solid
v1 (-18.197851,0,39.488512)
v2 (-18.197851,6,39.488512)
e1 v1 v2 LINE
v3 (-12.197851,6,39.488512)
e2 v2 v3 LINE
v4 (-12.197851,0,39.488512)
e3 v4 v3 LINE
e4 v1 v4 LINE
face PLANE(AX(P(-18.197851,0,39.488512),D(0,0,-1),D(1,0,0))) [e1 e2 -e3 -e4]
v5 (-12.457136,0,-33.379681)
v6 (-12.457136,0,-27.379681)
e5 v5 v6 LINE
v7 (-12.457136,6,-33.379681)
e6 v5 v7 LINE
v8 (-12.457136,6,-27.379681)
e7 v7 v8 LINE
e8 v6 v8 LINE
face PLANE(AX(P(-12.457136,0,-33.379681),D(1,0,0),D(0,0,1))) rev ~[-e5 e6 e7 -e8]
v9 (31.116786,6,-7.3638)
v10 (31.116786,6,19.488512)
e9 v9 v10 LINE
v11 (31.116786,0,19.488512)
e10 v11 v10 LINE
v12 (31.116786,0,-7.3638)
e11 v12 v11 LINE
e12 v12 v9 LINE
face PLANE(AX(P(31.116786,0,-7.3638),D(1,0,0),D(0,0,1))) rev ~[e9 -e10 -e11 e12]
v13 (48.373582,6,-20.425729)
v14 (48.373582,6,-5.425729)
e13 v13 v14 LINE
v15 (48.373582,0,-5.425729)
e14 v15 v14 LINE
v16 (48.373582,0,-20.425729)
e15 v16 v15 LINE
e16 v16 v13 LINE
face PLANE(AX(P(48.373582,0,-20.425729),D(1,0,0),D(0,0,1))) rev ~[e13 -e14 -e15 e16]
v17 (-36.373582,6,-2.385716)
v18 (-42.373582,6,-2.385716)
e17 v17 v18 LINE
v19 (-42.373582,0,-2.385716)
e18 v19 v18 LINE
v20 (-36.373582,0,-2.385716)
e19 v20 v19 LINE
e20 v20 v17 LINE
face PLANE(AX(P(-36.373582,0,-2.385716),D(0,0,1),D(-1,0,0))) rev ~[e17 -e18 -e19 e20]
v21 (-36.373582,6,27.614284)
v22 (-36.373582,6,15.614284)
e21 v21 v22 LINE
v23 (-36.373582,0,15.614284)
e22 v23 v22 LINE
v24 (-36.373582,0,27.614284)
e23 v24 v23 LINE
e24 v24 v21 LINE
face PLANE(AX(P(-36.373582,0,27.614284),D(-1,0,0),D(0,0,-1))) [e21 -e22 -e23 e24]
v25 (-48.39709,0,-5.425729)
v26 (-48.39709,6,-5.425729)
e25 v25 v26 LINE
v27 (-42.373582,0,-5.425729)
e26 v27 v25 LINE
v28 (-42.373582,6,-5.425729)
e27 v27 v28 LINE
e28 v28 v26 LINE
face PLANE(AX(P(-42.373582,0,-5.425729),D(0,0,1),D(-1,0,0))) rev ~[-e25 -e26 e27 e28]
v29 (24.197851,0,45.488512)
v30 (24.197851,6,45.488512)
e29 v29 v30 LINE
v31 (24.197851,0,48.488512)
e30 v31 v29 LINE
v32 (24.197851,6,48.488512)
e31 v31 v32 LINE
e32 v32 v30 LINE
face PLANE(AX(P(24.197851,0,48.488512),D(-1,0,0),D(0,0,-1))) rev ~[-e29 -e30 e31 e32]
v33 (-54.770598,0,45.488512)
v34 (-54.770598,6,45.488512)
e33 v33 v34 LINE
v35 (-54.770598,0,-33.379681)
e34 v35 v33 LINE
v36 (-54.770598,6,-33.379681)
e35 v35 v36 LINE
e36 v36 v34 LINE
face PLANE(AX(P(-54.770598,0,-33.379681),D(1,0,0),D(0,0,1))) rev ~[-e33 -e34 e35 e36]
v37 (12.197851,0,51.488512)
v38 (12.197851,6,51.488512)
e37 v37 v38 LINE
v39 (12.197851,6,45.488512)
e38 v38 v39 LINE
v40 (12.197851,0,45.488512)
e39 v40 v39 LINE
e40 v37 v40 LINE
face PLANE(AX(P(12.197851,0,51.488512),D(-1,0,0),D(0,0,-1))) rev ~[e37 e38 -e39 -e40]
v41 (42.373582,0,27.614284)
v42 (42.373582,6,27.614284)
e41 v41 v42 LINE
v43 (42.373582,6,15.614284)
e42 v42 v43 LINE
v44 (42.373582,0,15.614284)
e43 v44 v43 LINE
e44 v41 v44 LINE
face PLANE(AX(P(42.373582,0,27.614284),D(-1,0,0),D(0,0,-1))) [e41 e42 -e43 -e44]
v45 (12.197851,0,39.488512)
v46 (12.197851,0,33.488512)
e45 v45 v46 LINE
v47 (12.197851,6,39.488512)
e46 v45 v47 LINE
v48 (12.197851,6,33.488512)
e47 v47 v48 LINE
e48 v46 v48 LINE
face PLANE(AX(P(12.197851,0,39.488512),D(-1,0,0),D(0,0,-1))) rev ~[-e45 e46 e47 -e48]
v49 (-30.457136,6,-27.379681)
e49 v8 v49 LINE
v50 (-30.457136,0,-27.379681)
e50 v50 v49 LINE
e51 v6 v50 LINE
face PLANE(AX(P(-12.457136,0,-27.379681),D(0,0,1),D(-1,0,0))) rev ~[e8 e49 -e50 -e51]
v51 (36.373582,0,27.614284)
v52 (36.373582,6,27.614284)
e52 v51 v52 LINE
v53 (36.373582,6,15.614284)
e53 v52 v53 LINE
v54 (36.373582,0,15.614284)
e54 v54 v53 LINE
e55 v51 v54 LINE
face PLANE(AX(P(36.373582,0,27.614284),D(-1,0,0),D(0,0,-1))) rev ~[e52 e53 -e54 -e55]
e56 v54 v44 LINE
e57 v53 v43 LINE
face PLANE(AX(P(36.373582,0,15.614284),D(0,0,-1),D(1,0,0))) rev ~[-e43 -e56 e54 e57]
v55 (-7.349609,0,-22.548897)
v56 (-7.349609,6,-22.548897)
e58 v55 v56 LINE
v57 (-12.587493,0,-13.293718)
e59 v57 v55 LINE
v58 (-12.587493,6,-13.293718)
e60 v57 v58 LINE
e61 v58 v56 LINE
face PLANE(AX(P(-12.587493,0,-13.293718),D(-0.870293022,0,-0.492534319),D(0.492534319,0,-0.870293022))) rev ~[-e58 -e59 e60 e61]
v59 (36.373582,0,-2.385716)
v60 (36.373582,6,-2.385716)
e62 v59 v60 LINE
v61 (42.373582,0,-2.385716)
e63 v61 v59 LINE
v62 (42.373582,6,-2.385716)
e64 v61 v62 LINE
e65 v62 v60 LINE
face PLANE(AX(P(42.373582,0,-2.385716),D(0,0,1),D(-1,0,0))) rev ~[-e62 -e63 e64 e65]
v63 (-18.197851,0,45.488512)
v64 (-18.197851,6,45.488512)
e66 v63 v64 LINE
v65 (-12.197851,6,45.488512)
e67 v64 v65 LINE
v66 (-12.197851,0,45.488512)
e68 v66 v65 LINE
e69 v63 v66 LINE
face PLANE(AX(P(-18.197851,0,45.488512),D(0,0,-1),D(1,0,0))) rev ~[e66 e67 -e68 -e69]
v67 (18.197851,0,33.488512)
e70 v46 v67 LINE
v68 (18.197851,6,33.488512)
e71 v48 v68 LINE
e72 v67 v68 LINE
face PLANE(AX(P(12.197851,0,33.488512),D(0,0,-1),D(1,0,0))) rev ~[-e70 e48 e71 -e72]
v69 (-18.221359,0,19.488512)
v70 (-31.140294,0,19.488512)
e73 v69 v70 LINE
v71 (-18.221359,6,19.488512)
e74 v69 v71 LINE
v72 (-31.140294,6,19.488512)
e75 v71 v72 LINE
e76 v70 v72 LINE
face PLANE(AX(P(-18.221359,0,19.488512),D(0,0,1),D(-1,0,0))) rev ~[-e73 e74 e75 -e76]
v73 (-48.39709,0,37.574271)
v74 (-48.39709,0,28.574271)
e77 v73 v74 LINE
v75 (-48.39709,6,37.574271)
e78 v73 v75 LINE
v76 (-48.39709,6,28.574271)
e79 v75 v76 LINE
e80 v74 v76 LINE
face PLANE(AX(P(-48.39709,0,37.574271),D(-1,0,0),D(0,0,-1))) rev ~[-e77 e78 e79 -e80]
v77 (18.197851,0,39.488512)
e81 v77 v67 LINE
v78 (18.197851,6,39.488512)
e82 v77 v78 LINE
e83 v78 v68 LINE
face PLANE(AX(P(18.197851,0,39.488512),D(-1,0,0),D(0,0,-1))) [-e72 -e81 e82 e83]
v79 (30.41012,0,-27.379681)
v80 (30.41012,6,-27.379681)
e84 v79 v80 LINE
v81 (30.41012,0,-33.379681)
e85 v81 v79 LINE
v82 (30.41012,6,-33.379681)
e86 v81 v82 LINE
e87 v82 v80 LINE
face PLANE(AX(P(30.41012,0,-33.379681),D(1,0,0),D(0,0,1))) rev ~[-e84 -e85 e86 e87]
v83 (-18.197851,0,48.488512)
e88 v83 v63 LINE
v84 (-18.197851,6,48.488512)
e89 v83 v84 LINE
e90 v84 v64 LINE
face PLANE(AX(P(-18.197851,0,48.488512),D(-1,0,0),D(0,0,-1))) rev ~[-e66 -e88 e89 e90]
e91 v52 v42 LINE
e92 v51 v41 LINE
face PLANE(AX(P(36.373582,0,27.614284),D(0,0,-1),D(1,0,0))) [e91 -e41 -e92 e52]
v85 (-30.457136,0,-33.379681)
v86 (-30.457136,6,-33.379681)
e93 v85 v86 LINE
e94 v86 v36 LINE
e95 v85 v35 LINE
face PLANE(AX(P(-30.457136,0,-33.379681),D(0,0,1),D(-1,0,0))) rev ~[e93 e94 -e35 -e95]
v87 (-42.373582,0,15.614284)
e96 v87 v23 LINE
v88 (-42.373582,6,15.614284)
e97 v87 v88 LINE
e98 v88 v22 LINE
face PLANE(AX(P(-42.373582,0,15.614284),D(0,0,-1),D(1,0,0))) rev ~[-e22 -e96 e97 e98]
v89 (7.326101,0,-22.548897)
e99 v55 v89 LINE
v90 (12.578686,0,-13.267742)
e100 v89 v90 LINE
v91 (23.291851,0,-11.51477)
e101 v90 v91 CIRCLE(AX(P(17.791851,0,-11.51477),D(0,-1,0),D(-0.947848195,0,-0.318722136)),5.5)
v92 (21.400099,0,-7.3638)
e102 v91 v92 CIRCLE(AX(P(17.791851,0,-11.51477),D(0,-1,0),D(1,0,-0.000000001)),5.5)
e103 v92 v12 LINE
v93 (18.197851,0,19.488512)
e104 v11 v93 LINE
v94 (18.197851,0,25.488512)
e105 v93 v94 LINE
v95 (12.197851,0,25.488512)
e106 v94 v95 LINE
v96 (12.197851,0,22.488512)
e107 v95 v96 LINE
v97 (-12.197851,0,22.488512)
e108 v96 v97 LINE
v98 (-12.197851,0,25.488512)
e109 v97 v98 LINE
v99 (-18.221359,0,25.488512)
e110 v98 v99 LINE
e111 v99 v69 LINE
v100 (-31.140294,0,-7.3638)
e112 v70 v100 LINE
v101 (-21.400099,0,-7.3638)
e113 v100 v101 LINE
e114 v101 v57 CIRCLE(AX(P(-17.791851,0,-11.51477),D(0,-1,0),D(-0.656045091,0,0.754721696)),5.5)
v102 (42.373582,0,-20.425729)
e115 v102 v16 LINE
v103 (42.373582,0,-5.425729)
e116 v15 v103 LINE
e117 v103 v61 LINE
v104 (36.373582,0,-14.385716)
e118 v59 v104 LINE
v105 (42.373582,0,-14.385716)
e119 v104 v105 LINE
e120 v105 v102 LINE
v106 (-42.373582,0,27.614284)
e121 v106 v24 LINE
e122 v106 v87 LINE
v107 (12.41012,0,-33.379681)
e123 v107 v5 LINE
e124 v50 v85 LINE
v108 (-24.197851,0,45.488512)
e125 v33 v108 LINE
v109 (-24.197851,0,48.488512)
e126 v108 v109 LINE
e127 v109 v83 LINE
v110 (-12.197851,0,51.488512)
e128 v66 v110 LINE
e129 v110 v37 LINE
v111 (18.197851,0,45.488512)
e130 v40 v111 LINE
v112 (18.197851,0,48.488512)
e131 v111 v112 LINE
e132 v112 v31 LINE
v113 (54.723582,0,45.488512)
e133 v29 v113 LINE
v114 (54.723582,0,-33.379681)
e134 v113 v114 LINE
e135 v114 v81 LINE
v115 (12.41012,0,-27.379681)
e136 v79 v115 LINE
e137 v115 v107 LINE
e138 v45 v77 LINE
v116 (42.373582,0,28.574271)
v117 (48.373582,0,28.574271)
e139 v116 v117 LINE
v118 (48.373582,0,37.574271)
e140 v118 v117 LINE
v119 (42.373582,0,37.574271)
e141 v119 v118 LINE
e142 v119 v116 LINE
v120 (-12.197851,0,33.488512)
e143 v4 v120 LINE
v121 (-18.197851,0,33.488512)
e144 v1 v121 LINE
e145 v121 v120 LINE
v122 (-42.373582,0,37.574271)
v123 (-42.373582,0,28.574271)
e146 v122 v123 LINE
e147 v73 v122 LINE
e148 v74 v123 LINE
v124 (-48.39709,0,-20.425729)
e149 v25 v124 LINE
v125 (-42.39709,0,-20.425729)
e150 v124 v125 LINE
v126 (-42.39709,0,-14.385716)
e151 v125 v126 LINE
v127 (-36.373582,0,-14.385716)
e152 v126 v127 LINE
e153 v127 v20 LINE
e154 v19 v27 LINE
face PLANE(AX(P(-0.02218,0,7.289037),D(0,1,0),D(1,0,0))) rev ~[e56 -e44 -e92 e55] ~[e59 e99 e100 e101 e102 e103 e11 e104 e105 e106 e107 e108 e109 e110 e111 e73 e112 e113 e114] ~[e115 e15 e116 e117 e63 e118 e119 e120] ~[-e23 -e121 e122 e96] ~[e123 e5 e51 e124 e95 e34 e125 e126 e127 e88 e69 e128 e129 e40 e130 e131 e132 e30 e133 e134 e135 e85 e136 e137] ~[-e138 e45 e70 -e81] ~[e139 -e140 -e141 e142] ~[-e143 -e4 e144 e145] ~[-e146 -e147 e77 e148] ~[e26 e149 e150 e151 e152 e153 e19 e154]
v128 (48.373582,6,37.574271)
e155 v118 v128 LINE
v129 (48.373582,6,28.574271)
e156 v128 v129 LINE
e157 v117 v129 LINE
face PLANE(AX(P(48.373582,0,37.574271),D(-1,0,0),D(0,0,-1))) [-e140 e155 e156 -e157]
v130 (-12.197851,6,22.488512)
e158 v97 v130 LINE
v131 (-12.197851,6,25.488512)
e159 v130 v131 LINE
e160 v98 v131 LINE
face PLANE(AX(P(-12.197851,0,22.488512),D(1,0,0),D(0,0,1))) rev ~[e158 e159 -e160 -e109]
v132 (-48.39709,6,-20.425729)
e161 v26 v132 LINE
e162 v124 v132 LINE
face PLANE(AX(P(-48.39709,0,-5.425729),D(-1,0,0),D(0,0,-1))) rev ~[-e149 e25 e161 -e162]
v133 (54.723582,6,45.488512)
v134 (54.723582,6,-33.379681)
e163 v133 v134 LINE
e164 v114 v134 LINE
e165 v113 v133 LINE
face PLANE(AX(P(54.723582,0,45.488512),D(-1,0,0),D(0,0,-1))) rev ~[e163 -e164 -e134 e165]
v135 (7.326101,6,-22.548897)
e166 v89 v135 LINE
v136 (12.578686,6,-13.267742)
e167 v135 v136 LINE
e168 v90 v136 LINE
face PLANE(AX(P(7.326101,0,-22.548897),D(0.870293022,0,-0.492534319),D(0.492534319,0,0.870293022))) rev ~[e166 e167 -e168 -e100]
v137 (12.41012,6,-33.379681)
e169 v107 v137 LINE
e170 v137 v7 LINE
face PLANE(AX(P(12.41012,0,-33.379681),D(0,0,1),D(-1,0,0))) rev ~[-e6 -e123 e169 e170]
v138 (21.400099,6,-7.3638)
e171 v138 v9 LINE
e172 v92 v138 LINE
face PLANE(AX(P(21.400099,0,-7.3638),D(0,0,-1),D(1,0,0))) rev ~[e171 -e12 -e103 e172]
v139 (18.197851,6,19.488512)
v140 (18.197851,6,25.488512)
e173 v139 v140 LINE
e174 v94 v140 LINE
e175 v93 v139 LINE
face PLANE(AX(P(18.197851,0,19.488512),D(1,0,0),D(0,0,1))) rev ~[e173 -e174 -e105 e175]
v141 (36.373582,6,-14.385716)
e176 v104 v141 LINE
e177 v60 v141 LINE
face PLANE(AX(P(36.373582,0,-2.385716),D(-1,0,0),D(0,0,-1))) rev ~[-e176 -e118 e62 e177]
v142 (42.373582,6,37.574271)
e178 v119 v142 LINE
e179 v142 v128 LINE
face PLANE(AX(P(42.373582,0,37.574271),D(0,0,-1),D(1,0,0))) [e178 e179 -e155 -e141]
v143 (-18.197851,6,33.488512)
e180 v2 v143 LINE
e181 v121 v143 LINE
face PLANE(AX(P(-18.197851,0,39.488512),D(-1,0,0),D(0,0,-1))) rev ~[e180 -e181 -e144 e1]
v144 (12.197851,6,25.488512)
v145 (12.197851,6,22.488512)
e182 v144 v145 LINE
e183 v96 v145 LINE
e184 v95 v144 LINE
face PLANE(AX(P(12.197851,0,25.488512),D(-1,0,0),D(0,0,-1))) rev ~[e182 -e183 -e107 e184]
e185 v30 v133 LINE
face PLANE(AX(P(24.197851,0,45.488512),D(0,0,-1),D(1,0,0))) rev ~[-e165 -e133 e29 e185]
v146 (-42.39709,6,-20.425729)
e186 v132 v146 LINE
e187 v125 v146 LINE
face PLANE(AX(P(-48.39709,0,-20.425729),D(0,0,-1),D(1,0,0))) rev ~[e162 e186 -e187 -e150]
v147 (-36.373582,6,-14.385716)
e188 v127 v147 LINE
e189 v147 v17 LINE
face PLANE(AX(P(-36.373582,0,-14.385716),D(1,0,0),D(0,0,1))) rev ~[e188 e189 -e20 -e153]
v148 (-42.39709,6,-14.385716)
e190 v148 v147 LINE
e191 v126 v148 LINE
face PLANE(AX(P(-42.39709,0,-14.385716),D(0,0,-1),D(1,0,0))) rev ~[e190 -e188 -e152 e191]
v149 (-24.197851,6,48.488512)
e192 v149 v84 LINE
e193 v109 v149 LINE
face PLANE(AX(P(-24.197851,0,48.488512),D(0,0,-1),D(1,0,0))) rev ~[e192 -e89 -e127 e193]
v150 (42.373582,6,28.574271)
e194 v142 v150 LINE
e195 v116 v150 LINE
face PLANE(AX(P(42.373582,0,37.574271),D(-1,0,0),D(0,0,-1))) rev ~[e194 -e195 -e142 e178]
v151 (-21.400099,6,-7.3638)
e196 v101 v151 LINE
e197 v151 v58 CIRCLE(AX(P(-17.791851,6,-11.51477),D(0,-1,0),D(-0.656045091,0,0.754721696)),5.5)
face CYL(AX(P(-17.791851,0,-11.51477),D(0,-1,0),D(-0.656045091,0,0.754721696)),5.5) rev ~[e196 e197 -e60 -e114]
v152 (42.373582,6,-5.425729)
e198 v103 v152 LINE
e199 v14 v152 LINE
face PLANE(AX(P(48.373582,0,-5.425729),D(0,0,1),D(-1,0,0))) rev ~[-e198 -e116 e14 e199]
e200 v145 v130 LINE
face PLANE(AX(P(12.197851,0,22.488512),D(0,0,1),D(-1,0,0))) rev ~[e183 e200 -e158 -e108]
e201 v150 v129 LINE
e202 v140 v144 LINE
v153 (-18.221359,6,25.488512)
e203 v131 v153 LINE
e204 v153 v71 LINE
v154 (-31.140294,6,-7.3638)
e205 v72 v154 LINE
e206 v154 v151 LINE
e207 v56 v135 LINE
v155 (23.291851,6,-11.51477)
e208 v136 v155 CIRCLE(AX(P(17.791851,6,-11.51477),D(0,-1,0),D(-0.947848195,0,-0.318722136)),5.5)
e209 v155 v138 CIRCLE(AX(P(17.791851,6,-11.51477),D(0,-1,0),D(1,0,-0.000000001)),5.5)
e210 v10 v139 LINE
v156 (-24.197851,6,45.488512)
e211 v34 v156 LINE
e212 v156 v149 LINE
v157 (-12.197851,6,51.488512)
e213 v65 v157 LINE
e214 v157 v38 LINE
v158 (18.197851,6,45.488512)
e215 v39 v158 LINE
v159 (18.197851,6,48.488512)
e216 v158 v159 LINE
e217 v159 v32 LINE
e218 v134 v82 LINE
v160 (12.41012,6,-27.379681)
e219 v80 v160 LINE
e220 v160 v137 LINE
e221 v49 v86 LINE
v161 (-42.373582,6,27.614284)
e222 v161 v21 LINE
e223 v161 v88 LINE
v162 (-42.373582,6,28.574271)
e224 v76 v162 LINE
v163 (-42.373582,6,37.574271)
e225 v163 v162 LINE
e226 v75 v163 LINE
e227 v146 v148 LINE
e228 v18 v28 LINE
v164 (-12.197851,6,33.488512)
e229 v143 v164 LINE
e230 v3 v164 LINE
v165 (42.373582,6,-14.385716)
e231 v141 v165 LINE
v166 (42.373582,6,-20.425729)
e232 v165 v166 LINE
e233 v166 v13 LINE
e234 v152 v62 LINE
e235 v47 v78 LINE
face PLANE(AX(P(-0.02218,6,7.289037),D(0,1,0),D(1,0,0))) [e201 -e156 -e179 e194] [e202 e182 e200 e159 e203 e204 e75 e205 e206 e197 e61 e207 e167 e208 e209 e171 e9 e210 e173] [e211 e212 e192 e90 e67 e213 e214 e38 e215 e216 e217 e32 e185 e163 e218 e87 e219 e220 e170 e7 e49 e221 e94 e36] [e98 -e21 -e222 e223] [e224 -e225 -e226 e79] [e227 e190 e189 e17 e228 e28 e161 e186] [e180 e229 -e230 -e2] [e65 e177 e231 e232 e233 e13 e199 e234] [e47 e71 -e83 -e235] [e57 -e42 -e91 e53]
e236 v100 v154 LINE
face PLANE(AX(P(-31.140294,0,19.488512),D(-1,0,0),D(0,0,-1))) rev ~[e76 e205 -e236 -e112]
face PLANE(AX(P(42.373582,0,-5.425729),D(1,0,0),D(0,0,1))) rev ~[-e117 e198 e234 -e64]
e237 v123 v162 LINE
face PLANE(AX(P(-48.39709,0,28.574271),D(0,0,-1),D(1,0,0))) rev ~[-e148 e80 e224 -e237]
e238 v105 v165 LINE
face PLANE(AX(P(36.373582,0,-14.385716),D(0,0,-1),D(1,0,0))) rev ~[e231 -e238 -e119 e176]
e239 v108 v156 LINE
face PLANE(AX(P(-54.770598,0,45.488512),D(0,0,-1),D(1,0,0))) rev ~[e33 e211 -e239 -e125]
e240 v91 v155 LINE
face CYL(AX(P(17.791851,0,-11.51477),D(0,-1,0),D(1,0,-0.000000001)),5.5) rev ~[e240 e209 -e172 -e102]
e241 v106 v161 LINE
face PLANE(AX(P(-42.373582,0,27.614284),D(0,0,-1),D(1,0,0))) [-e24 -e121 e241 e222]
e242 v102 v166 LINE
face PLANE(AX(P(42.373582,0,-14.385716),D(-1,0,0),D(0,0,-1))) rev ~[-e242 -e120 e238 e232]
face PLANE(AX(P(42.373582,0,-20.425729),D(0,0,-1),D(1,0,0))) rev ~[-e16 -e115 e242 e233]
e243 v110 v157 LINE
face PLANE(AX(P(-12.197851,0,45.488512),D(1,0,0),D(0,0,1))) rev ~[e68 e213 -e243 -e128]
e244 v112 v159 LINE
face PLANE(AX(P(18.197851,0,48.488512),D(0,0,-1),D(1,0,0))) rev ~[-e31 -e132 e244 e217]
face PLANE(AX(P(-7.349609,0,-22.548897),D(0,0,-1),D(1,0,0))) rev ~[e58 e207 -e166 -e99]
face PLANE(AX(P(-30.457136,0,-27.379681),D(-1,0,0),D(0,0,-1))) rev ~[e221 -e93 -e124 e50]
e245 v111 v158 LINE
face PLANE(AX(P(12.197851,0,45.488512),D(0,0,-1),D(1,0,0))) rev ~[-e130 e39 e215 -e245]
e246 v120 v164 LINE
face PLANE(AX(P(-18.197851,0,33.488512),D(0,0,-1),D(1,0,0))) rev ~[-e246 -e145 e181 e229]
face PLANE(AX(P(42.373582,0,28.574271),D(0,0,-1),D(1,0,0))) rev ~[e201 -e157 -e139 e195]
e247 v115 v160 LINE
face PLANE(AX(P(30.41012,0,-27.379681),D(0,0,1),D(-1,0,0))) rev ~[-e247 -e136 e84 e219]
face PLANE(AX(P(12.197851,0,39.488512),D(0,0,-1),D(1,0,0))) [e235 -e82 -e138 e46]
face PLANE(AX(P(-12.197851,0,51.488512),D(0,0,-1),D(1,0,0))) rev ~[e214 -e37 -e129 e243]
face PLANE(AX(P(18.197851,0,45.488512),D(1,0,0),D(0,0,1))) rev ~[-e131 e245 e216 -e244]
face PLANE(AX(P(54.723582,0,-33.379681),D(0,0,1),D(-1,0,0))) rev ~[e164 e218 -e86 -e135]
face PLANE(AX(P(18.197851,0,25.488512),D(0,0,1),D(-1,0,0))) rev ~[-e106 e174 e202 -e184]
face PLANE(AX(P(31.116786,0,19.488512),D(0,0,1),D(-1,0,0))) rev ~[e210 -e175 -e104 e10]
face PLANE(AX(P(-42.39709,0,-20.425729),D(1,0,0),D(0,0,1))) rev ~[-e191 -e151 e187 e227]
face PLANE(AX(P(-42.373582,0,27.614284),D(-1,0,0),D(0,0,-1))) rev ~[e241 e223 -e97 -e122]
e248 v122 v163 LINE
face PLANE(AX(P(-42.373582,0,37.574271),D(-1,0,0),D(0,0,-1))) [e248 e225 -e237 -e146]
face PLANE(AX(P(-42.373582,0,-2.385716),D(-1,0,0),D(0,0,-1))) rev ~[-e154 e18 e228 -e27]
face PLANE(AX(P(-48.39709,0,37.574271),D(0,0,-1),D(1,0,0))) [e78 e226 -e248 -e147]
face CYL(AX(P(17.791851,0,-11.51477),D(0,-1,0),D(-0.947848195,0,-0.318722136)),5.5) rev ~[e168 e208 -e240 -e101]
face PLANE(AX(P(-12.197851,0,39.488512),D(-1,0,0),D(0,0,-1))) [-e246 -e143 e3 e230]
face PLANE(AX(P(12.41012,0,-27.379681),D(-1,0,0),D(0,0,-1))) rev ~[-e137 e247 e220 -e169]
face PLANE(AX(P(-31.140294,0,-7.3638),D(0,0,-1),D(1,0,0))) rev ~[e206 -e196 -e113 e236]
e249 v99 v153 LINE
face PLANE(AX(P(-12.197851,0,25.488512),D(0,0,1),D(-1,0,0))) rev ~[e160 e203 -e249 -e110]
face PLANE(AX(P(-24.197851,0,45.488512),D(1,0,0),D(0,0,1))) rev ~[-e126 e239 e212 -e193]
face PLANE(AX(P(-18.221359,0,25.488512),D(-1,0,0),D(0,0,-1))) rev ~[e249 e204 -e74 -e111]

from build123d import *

# Parameters (mm, degrees)
SKETCH1_W           = 6.023507921
SKETCH1_H           = 9
SKETCH1_W_2         = 6
SKETCH1_H_2         = 6
SKETCH1_H_3         = 12
BOSS_EXTRUDE1_DEPTH = 6


with BuildPart() as part:
    # Sketch1 → Boss-Extrude1 (new body)
    with BuildSketch(Plane(origin=(0, 0, 0), x_dir=(1, 0, 0), z_dir=(0, 1, 0))):
        Polygon((-30.457136098, 33.379680679), (-54.770597518, 33.379680679), (-54.770597518, -45.488511926), (-24.197851339, -45.488511926), (-24.197851339, -48.488511926), (-18.197851339, -48.488511926), (-18.197851339, -45.488511926), (-12.197851339, -45.488511926), (-12.197851339, -51.488511926), (12.197851339, -51.488511926), (12.197851339, -45.488511926), (18.197851339, -45.488511926), (18.197851339, -48.488511926), (24.197851339, -48.488511926), (24.197851339, -45.488511926), (54.723581676, -45.488511926), (54.723581676, 33.379680679), (30.410120257, 33.379680679), (30.410120257, 27.379680679), (12.410120257, 27.379680679), (12.410120257, 33.379680679), (-12.457136098, 33.379680679), (-12.457136098, 27.379680679), (-30.457136098, 27.379680679), align=None)
        with Locations((-45.385335637, -33.07427073)):
            Rectangle(SKETCH1_W, SKETCH1_H, mode=Mode.SUBTRACT)
        with Locations((-15.197851339, -36.488511926)):
            Rectangle(SKETCH1_W_2, SKETCH1_H_2, mode=Mode.SUBTRACT)
        with Locations((-39.373581676, -21.614283631)):
            Rectangle(SKETCH1_W_2, SKETCH1_H_3, mode=Mode.SUBTRACT)
        with Locations((15.197851339, -36.488511926)):
            Rectangle(SKETCH1_W_2, SKETCH1_H_2, mode=Mode.SUBTRACT)
        with Locations((45.373581676, -33.07427073)):
            Rectangle(SKETCH1_W_2, SKETCH1_H, mode=Mode.SUBTRACT)
        with Locations((39.373581676, -21.614283631)):
            Rectangle(SKETCH1_W_2, SKETCH1_H_3, mode=Mode.SUBTRACT)
        Polygon((-36.373581676, 2.385716369), (-42.373581676, 2.385716369), (-42.373581676, 5.42572927), (-48.397089597, 5.42572927), (-48.397089597, 20.42572927), (-42.397089597, 20.42572927), (-42.397089597, 14.385716369), (-36.373581676, 14.385716369), align=None, mode=Mode.SUBTRACT)
        with BuildLine():
            Line((-12.587492722, 13.293717765), (-7.349609214, 22.548897144))
            Line((-7.349609214, 22.548897144), (7.326101293, 22.548897144))
            Line((7.326101293, 22.548897144), (12.578685825, 13.267741508))
            ThreePointArc((12.578685825, 13.267741508), (18.679992808, 16.942587364), (23.291850895, 11.51476976))
            ThreePointArc((23.291850895, 11.51476976), (22.796616824, 9.23391071), (21.400098894, 7.363800429))
            Line((21.400098894, 7.363800429), (31.116785699, 7.363800429))
            Line((31.116785699, 7.363800429), (31.116785699, -19.488511926))
            Line((31.116785699, -19.488511926), (18.197851339, -19.488511926))
            Line((18.197851339, -19.488511926), (18.197851339, -25.488511926))
            Line((18.197851339, -25.488511926), (12.197851339, -25.488511926))
            Line((12.197851339, -25.488511926), (12.197851339, -22.488511926))
            Line((12.197851339, -22.488511926), (-12.197851339, -22.488511926))
            Line((-12.197851339, -22.488511926), (-12.197851339, -25.488511926))
            Line((-12.197851339, -25.488511926), (-18.221359259, -25.488511926))
            Line((-18.221359259, -25.488511926), (-18.221359259, -19.488511926))
            Line((-18.221359259, -19.488511926), (-31.140293619, -19.488511926))
            Line((-31.140293619, -19.488511926), (-31.140293619, 7.363800429))
            Line((-31.140293619, 7.363800429), (-21.400098894, 7.363800429))
            ThreePointArc((-21.400098894, 7.363800429), (-20.862334868, 16.077896777), (-12.587492722, 13.293717765))
        make_face(mode=Mode.SUBTRACT)
        Polygon((42.373581676, 2.385716369), (36.373581676, 2.385716369), (36.373581676, 14.385716369), (42.373581676, 14.385716369), (42.373581676, 20.42572927), (48.373581676, 20.42572927), (48.373581676, 5.42572927), (42.373581676, 5.42572927), align=None, mode=Mode.SUBTRACT)
    extrude(amount=BOSS_EXTRUDE1_DEPTH)


solid = part.part
